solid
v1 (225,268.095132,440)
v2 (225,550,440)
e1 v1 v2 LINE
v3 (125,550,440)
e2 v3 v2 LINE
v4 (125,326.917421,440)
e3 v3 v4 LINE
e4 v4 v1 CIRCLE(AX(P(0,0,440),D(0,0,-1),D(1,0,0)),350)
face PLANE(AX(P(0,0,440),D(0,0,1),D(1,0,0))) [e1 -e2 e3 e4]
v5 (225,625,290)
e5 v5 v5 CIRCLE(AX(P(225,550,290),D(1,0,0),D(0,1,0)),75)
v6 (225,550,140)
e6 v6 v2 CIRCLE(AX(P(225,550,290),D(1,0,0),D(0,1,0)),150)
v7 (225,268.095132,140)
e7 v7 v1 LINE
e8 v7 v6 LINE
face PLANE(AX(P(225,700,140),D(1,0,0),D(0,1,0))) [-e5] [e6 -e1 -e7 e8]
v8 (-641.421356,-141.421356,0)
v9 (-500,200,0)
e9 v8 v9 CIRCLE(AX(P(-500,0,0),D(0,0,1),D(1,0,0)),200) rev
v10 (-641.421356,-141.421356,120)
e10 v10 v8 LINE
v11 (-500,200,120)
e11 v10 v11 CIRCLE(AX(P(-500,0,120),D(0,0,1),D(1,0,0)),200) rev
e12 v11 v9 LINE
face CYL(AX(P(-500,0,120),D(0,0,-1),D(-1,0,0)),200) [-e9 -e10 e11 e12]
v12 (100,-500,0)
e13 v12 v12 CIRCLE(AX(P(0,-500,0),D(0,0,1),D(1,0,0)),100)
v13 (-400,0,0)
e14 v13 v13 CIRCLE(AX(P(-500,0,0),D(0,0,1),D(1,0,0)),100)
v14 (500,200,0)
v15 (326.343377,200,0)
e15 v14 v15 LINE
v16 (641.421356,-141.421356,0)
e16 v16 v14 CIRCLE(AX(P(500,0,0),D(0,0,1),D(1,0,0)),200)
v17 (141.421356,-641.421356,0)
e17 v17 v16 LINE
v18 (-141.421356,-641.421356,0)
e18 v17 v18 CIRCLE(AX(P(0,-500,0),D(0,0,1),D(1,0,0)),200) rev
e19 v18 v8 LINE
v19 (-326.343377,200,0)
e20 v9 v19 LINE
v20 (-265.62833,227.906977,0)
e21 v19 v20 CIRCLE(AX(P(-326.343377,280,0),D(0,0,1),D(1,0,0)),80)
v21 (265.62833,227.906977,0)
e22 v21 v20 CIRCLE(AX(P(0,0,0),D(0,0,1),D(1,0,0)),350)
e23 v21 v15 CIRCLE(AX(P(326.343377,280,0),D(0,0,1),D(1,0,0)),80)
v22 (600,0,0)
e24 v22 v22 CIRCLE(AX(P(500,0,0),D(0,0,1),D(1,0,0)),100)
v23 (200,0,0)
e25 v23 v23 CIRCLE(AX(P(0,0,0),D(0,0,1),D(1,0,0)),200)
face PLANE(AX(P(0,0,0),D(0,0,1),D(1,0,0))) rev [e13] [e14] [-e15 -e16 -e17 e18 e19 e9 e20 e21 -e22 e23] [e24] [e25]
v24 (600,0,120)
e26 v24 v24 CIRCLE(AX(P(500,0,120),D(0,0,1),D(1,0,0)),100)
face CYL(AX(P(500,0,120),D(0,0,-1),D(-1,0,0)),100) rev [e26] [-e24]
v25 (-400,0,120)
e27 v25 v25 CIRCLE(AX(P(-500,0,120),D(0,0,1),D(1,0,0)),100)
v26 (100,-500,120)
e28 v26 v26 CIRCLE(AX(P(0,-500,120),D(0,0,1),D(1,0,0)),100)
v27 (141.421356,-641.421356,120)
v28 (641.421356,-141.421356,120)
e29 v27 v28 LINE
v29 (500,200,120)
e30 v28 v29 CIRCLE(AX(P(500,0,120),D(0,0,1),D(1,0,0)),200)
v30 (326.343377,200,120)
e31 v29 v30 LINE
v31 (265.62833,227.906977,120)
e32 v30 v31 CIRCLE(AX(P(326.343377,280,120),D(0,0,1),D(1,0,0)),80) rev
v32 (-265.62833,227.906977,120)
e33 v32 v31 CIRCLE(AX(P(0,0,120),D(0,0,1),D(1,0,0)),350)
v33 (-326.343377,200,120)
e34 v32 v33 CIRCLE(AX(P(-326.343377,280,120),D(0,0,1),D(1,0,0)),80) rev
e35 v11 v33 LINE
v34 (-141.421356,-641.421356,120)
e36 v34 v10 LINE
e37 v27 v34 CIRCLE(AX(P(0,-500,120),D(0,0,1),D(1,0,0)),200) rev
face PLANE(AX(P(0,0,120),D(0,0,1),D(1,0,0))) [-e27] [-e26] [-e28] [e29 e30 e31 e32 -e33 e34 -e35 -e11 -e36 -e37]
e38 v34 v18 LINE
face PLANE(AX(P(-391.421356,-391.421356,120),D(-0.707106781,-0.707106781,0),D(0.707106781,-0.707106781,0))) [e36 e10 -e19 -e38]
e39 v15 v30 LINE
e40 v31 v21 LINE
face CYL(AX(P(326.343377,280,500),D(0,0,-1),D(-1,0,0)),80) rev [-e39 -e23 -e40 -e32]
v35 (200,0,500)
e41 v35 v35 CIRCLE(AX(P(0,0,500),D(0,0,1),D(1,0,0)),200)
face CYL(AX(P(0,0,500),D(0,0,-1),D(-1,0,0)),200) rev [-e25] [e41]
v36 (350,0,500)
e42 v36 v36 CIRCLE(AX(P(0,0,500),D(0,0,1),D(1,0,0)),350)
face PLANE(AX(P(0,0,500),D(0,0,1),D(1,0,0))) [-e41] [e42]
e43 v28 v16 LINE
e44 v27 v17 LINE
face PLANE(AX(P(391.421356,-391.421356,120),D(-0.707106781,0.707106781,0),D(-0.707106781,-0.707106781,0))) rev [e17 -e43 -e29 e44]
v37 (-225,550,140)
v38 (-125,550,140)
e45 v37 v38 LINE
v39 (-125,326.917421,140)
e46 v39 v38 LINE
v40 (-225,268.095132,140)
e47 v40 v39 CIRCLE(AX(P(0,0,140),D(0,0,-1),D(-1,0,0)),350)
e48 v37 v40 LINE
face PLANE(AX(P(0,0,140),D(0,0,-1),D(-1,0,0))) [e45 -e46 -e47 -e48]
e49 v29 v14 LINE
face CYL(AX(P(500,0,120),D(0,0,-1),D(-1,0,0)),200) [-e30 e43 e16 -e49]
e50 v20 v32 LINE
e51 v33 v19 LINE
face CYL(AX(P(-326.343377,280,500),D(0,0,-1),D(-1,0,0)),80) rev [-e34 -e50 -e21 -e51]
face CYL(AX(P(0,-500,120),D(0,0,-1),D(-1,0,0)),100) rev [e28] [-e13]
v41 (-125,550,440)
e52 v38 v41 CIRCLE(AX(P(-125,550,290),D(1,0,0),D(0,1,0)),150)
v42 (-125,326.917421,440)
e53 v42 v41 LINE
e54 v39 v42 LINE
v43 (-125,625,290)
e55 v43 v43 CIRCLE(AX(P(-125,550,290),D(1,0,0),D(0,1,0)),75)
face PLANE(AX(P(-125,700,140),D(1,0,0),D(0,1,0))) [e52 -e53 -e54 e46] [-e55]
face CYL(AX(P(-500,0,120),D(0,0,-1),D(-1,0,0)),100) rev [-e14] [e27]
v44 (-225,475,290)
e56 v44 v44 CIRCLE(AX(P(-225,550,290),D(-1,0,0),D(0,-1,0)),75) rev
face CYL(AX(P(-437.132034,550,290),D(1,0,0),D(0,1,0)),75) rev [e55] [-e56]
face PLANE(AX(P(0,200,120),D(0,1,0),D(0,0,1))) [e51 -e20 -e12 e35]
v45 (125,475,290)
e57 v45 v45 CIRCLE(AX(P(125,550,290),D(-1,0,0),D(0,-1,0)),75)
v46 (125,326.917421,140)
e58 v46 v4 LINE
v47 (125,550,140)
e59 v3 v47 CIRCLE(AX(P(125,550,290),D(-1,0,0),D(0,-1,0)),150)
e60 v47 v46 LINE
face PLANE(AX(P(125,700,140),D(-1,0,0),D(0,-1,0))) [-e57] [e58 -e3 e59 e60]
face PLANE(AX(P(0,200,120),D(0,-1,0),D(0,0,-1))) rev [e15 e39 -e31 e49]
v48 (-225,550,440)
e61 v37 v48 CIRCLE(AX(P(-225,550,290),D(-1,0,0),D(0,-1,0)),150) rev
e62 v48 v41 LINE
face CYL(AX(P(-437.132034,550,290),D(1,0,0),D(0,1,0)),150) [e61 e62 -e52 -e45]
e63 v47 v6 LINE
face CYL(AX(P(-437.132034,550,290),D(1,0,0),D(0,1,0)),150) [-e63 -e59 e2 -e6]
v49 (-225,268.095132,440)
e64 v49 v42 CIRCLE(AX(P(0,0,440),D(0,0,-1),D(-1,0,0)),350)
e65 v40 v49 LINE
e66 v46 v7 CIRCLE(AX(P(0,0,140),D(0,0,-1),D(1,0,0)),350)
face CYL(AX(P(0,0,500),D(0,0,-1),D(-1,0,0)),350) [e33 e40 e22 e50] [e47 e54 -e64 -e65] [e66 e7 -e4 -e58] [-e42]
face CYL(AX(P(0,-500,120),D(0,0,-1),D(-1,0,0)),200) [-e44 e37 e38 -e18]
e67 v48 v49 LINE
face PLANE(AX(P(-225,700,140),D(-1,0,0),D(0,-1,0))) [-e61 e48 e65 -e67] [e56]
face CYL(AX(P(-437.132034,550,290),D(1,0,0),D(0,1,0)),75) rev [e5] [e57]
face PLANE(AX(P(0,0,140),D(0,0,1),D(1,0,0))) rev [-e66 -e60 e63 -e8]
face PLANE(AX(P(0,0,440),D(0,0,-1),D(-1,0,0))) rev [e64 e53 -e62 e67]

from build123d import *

# Parameters (mm, degrees)
SKETCH1_R           = 350
SKETCH1_R_2         = 200
BOSS_EXTRUDE1_DEPTH = 500
SKETCH2_R           = 100
BOSS_EXTRUDE2_DEPTH = 120
FILLET1_R           = 80
BOSS_EXTRUDE3_START = -60
BOSS_EXTRUDE3_DEPTH = 300
SKETCH4_R           = 75
CUT_EXTRUDE2_DEPTH  = 450


with BuildPart() as part:
    # Sketch1 → Boss-Extrude1 (new body)
    with BuildSketch(Plane.XY):
        Circle(SKETCH1_R)
        Circle(SKETCH1_R_2, mode=Mode.SUBTRACT)
    extrude(amount=BOSS_EXTRUDE1_DEPTH)

    # Sketch2 → Boss-Extrude2 (add)
    with BuildSketch(Plane.XY):
        with BuildLine():
            ThreePointArc((-141.421356237, -641.421356237), (0, -700), (141.421356237, -641.421356237))
            Line((141.421356237, -641.421356237), (641.421356237, -141.421356237))
            ThreePointArc((641.421356237, -141.421356237), (684.775906502, 76.536686473), (500, 200))
            Line((500, 200), (287.228132327, 200))
            ThreePointArc((287.228132327, 200), (333.938502059, 104.809717311), (350, 0))
            ThreePointArc((350, 0), (-104.809717311, -333.938502059), (-287.228132327, 200))
            Line((-287.228132327, 200), (-500, 200))
            ThreePointArc((-500, 200), (-684.775906502, 76.536686473), (-641.421356237, -141.421356237))
            Line((-641.421356237, -141.421356237), (-141.421356237, -641.421356237))
        make_face()
        with Locations((0, -500)):
            Circle(SKETCH2_R, mode=Mode.SUBTRACT)
        with Locations((-500, 0)):
            Circle(SKETCH2_R, mode=Mode.SUBTRACT)
        with Locations((500, 0)):
            Circle(SKETCH2_R, mode=Mode.SUBTRACT)
    extrude(amount=BOSS_EXTRUDE2_DEPTH)

    # Fillet1
    fillet1_edges = [part.edges().sort_by_distance(p)[0] for p in [
        (287.228132327, 200, 60),
        (-287.228132327, 200, 60),
    ]]
    fillet(fillet1_edges, radius=FILLET1_R)

    # Sketch3 → Boss-Extrude3 (add)
    with BuildSketch(Plane.XY.offset(500).offset(BOSS_EXTRUDE3_START)):
        with BuildLine():
            Line((225, 700), (125, 700))
            Line((125, 700), (125, 326.917420766))
            ThreePointArc((125, 326.917420766), (177.454262848, 301.678611434), (225, 268.095132369))
            Line((225, 268.095132369), (225, 700))
        make_face()
        with BuildLine():
            Line((-225, 700), (-225, 268.095132369))
            ThreePointArc((-225, 268.095132369), (-177.454262848, 301.678611434), (-125, 326.917420766))
            Line((-125, 326.917420766), (-125, 700))
            Line((-125, 700), (-225, 700))
        make_face()
    extrude(amount=-BOSS_EXTRUDE3_DEPTH)

    # Sketch4 → Cut-Extrude2 (cut)
    with BuildSketch(Plane(origin=(225, 0, 0), x_dir=(0, 0, -1), z_dir=(1, 0, 0))):
        with BuildLine():
            ThreePointArc((-440, 550), (-396.066017178, 656.066017178), (-290, 700))
            Line((-290, 700), (-440, 700))
            Line((-440, 700), (-440, 550))
        make_face()
        with BuildLine():
            ThreePointArc((-290, 700), (-183.933982822, 656.066017178), (-140, 550))
            Line((-140, 550), (-140, 700))
            Line((-140, 700), (-290, 700))
        make_face()
        with Locations((-290, 550)):
            Circle(SKETCH4_R)
    extrude(amount=-CUT_EXTRUDE2_DEPTH, mode=Mode.SUBTRACT)


solid = part.part
